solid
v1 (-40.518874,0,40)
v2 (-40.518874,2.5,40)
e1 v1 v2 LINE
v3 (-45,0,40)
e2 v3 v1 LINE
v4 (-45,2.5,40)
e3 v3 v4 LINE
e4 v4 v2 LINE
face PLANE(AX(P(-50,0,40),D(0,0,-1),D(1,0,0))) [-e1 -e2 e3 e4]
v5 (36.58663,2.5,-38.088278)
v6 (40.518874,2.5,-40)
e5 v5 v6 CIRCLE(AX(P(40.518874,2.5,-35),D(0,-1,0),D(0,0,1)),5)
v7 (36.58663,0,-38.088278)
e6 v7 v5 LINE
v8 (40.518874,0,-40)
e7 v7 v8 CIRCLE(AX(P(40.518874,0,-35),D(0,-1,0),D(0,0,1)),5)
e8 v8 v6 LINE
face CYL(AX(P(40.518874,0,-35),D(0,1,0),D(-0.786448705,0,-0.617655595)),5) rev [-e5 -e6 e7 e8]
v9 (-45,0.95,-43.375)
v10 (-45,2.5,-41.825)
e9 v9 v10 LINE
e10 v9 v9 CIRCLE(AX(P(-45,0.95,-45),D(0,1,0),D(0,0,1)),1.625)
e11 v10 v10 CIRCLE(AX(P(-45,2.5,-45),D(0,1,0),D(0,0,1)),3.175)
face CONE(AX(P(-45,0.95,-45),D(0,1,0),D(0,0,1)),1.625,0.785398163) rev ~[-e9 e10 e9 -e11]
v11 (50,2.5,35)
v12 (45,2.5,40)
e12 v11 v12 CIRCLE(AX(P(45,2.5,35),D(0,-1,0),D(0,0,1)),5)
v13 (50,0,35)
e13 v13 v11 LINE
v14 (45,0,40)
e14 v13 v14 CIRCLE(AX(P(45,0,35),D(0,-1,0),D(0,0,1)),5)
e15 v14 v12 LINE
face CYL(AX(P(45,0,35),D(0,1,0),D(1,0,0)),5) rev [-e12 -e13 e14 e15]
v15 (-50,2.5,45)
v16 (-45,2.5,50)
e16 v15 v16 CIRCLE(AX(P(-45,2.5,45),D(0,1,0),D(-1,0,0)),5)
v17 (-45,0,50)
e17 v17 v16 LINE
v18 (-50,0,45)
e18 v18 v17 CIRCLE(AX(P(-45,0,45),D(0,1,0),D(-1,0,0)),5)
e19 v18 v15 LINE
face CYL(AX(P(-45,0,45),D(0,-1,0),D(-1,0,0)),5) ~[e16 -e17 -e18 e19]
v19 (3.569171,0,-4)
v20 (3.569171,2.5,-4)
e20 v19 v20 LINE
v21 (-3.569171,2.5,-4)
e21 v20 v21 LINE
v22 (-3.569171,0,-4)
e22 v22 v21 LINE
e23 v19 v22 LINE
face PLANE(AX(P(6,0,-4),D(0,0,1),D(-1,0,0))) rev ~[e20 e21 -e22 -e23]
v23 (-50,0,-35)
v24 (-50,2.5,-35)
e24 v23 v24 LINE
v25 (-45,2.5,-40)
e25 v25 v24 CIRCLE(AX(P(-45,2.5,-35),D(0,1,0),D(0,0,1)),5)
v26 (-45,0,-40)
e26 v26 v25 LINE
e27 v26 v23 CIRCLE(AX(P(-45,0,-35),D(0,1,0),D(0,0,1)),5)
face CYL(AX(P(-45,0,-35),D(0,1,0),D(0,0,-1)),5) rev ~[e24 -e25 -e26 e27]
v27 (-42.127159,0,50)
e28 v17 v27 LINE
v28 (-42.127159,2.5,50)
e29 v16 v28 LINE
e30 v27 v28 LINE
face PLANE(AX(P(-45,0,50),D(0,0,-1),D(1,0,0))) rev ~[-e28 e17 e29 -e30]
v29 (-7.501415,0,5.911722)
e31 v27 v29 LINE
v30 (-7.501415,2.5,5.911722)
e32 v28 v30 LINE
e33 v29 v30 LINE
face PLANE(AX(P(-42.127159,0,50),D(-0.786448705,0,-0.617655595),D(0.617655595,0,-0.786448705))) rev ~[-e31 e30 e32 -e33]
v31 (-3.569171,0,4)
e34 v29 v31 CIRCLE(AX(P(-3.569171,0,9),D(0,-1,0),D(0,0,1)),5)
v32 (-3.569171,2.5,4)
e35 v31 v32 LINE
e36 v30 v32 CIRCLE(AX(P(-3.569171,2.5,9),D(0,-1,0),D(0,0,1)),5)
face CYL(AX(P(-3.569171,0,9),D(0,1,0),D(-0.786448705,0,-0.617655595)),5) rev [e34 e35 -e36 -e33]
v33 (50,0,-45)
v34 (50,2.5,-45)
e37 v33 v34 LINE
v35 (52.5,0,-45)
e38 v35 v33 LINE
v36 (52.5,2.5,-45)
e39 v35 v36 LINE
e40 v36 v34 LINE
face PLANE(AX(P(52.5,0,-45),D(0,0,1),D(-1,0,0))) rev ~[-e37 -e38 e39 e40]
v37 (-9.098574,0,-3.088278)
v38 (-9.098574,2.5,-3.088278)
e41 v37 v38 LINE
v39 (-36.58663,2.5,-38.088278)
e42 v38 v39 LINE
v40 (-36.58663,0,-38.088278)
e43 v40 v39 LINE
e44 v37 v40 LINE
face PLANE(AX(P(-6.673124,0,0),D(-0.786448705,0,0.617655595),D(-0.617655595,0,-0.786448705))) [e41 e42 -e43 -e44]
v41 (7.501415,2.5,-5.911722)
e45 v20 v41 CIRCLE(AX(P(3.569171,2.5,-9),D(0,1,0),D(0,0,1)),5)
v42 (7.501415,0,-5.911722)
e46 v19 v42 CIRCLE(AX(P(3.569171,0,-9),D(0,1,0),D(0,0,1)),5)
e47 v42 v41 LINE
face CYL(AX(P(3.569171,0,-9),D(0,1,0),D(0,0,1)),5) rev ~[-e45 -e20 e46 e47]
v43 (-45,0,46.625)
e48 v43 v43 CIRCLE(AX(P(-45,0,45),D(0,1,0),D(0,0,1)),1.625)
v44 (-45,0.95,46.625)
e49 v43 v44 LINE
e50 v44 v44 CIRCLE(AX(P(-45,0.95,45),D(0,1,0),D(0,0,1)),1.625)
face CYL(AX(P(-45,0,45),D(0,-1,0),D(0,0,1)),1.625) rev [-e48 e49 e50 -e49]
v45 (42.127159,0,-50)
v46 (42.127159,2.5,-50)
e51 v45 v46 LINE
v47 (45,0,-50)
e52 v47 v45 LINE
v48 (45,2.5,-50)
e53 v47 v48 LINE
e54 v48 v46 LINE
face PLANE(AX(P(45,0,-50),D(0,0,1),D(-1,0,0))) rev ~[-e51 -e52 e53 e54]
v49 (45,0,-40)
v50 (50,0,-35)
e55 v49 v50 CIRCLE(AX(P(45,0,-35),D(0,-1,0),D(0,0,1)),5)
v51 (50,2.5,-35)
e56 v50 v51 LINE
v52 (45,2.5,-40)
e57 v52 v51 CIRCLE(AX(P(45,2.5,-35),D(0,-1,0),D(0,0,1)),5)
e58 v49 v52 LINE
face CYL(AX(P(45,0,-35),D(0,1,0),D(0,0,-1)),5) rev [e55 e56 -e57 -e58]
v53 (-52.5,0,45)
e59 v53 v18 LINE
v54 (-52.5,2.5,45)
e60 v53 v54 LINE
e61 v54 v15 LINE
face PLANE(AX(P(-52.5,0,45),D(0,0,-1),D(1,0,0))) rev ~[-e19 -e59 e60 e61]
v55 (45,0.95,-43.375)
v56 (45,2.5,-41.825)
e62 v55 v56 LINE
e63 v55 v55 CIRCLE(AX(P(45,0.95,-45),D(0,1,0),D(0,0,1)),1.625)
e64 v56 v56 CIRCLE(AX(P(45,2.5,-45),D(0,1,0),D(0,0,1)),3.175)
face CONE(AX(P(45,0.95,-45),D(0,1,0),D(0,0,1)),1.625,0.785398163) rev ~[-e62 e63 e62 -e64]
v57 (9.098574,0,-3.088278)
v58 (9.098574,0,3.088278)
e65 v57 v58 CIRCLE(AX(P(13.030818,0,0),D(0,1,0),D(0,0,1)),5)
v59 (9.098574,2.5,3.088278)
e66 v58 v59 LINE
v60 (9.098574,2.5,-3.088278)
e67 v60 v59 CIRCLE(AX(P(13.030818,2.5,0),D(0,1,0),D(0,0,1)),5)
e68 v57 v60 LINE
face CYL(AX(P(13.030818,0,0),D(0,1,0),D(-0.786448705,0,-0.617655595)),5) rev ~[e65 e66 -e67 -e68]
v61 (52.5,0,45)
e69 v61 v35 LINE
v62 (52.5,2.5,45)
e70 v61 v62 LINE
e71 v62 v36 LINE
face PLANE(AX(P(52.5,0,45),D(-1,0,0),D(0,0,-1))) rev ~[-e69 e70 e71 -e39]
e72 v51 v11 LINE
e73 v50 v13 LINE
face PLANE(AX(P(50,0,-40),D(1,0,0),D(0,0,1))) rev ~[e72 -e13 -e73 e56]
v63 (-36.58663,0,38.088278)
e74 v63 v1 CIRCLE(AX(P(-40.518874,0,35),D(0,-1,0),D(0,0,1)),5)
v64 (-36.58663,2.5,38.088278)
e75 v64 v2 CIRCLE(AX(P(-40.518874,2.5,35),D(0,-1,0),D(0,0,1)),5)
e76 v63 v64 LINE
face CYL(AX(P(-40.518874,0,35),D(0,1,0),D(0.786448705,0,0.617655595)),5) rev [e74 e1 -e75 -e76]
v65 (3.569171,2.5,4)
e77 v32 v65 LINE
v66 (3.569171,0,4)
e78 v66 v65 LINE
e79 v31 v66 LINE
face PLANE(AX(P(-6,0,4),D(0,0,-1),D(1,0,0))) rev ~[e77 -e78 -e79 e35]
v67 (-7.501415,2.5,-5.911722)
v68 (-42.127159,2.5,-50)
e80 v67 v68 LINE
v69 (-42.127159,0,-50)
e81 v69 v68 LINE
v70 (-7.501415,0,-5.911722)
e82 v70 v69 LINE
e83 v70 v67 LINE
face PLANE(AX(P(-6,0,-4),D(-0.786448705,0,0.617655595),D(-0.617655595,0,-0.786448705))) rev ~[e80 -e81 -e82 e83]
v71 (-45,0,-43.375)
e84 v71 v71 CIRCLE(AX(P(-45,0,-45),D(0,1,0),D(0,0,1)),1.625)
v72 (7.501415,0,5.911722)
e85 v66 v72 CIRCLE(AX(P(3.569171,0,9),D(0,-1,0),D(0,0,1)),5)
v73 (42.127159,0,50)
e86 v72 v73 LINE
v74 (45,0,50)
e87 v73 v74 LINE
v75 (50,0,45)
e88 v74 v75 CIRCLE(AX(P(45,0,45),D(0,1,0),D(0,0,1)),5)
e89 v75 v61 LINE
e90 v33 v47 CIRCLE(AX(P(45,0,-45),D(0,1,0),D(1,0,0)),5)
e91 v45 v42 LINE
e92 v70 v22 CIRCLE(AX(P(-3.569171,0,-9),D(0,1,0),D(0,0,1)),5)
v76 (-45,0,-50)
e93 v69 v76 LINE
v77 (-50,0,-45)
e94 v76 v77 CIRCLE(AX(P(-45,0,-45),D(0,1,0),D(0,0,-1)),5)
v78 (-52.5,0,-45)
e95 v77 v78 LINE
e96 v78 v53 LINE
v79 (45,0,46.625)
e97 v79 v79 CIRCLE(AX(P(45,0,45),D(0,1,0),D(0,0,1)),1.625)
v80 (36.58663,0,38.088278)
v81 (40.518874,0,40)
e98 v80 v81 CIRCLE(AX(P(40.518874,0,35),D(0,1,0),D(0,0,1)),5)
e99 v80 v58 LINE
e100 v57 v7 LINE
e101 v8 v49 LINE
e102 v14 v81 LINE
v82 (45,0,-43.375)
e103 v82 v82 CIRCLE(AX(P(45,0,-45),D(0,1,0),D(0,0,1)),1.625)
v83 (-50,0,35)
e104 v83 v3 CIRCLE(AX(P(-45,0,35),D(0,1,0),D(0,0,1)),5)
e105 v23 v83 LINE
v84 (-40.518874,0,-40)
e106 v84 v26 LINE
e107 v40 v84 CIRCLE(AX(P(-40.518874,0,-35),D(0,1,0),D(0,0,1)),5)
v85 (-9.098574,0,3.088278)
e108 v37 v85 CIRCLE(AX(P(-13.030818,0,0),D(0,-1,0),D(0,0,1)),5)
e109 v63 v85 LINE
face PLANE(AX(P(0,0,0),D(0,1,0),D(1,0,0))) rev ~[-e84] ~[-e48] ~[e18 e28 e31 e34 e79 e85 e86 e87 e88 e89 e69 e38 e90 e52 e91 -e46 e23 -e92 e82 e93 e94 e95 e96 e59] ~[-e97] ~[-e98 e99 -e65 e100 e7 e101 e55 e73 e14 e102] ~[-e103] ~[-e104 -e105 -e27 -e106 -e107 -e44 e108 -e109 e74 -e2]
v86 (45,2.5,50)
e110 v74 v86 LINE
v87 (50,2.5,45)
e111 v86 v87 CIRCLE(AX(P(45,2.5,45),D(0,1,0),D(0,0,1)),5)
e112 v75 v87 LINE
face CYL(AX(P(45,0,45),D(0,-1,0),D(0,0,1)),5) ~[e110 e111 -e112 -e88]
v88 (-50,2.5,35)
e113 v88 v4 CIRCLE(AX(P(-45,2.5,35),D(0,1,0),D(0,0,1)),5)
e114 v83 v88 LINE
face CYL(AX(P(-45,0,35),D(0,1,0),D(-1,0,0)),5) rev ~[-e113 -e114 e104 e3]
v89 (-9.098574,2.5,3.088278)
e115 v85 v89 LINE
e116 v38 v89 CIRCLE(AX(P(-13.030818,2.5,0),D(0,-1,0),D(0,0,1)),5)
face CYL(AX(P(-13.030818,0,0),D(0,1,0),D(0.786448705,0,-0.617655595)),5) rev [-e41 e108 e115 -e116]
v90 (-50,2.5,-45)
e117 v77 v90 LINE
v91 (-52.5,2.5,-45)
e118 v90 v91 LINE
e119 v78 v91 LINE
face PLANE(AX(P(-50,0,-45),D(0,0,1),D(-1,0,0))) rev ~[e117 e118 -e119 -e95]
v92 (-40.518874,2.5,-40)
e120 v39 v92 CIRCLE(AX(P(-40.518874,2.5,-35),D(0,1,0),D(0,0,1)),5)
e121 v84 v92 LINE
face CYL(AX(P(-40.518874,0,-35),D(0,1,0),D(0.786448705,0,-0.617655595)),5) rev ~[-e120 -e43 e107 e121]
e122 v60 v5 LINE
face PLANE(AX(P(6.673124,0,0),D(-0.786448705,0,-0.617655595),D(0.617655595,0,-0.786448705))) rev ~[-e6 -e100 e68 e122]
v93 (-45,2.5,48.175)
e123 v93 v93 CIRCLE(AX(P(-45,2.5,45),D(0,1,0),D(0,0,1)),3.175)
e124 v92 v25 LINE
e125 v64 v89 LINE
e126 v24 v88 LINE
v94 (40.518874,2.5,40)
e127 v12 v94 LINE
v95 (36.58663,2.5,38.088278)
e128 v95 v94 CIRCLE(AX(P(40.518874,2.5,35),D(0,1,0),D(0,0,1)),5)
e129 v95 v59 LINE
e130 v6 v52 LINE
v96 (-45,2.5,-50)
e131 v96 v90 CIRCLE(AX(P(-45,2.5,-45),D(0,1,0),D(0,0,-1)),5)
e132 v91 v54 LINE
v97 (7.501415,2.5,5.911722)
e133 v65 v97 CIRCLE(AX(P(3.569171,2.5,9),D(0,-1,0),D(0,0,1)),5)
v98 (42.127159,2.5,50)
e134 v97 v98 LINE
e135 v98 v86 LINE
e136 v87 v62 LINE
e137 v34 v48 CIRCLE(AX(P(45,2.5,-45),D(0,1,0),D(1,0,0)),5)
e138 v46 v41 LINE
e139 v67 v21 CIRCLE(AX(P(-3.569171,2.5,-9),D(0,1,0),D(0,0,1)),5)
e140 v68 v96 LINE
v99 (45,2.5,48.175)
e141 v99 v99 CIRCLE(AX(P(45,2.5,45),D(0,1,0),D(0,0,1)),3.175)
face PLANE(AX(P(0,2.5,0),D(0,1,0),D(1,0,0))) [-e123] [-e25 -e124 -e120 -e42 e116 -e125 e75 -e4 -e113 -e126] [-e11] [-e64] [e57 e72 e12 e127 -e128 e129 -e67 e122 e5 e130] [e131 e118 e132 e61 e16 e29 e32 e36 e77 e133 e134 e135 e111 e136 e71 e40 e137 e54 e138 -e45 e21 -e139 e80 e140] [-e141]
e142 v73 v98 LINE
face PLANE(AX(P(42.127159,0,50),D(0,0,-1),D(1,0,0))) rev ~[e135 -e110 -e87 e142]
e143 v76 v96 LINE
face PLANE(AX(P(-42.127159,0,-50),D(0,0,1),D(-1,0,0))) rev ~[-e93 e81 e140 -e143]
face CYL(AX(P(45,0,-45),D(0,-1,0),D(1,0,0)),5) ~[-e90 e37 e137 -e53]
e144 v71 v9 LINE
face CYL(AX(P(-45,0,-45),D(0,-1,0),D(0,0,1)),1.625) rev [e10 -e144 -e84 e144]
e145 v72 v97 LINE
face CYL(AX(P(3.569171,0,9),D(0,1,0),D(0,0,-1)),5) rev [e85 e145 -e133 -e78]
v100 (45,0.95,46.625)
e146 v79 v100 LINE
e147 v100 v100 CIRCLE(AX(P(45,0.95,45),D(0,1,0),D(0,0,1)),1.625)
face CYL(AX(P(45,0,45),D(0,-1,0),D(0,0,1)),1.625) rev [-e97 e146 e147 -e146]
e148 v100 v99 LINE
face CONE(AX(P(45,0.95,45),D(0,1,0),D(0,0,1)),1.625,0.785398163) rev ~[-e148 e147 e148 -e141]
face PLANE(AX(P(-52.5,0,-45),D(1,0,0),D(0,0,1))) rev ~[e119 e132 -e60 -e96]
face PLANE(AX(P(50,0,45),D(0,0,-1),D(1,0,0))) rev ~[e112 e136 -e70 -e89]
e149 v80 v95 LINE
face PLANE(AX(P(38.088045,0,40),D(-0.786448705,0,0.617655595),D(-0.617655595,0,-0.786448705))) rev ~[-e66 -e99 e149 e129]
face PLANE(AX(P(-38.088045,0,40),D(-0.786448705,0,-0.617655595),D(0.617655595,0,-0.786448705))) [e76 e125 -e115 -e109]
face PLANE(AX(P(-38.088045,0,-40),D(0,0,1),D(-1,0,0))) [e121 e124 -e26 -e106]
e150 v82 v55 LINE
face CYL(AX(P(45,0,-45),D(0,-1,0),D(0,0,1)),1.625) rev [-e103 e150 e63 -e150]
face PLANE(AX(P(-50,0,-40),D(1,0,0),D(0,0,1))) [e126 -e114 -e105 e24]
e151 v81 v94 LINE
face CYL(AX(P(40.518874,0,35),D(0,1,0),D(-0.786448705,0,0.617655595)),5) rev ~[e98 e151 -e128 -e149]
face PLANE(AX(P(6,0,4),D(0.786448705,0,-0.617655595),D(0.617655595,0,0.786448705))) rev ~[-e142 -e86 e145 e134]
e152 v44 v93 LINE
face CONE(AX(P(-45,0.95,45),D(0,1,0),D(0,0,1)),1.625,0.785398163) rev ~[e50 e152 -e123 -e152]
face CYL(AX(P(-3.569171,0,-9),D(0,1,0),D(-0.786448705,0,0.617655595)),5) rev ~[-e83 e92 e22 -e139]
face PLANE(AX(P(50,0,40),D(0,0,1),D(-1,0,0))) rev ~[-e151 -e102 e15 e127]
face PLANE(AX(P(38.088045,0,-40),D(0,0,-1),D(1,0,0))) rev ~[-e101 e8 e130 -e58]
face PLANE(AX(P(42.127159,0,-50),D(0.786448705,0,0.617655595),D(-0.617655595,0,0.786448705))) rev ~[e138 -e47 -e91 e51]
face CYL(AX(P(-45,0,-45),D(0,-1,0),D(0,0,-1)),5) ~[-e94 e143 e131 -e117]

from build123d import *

# Parameters (mm, degrees)
SKETCH1_R           = 1.625
BOSS_EXTRUDE1_DEPTH = 2.5
FILLET1_R           = 5
FILLET2_R           = 5
CHAMFER1_SIZE       = 1.55


with BuildPart() as part:
    # Sketch1 → Boss-Extrude1 (new body)
    with BuildSketch(Plane(origin=(0, 0, 0), x_dir=(1, 0, 0), z_dir=(0, 1, 0))):
        with BuildLine():
            Line((-52.5, 45), (-52.5, -45))
            Line((-52.5, -45), (-50, -45))
            ThreePointArc((-50, -45), (-48.535533906, -48.535533906), (-45, -50))
            Line((-45, -50), (-42.127158908, -50))
            Line((-42.127158908, -50), (-6, -4))
            Line((-6, -4), (6, -4))
            Line((6, -4), (42.127158908, -50))
            Line((42.127158908, -50), (45, -50))
            ThreePointArc((45, -50), (48.535533906, -48.535533906), (50, -45))
            Line((50, -45), (52.5, -45))
            Line((52.5, -45), (52.5, 45))
            Line((52.5, 45), (50, 45))
            ThreePointArc((50, 45), (48.535533906, 48.535533906), (45, 50))
            Line((45, 50), (42.127158908, 50))
            Line((42.127158908, 50), (6, 4))
            Line((6, 4), (-6, 4))
            Line((-6, 4), (-42.127158908, 50))
            Line((-42.127158908, 50), (-45, 50))
            ThreePointArc((-45, 50), (-48.535533906, 48.535533906), (-50, 45))
            Line((-50, 45), (-52.5, 45))
        make_face()
        with Locations(Location((-45, 45, 0), (0, 0, 270))):
            Circle(SKETCH1_R, mode=Mode.SUBTRACT)
        with Locations(Location((45, 45, 0), (0, 0, 270))):
            Circle(SKETCH1_R, mode=Mode.SUBTRACT)
        with Locations(Location((-45, -45, 0), (0, 0, 270))):
            Circle(SKETCH1_R, mode=Mode.SUBTRACT)
        with Locations(Location((45, -45, 0), (0, 0, 270))):
            Circle(SKETCH1_R, mode=Mode.SUBTRACT)
        Polygon((-50, 40), (-50, -40), (-38.088044946, -40), (-6.673124156, 0), (-38.088044946, 40), align=None, mode=Mode.SUBTRACT)
        Polygon((50, -40), (38.088044946, -40), (6.673124156, 0), (38.088044946, 40), (50, 40), align=None, mode=Mode.SUBTRACT)
    extrude(amount=BOSS_EXTRUDE1_DEPTH)

    # Fillet1
    fillet1_edges = [part.edges().sort_by_distance(p)[0] for p in [
        (-6, 1.25, -4),
        (6, 1.25, -4),
        (6, 1.25, 4),
        (-6, 1.25, 4),
        (-6.673124156, 1.25, 0),
        (6.673124156, 1.25, 0),
    ]]
    fillet(fillet1_edges, radius=FILLET1_R)

    # Fillet2
    fillet2_edges = [part.edges().sort_by_distance(p)[0] for p in [
        (-38.088044946, 1.25, -40),
        (-50, 1.25, -40),
        (-50, 1.25, 40),
        (-38.088044946, 1.25, 40),
        (50, 1.25, 40),
        (50, 1.25, -40),
        (38.088044946, 1.25, -40),
        (38.088044946, 1.25, 40),
    ]]
    fillet(fillet2_edges, radius=FILLET2_R)

    # Chamfer1
    chamfer1_edges = [part.edges().sort_by_distance(p)[0] for p in [
        (-45, 2.5, -46.625),
        (45, 2.5, -46.625),
        (-45, 2.5, 43.375),
        (45, 2.5, 43.375),
    ]]
    chamfer(chamfer1_edges, length=CHAMFER1_SIZE)


solid = part.part
